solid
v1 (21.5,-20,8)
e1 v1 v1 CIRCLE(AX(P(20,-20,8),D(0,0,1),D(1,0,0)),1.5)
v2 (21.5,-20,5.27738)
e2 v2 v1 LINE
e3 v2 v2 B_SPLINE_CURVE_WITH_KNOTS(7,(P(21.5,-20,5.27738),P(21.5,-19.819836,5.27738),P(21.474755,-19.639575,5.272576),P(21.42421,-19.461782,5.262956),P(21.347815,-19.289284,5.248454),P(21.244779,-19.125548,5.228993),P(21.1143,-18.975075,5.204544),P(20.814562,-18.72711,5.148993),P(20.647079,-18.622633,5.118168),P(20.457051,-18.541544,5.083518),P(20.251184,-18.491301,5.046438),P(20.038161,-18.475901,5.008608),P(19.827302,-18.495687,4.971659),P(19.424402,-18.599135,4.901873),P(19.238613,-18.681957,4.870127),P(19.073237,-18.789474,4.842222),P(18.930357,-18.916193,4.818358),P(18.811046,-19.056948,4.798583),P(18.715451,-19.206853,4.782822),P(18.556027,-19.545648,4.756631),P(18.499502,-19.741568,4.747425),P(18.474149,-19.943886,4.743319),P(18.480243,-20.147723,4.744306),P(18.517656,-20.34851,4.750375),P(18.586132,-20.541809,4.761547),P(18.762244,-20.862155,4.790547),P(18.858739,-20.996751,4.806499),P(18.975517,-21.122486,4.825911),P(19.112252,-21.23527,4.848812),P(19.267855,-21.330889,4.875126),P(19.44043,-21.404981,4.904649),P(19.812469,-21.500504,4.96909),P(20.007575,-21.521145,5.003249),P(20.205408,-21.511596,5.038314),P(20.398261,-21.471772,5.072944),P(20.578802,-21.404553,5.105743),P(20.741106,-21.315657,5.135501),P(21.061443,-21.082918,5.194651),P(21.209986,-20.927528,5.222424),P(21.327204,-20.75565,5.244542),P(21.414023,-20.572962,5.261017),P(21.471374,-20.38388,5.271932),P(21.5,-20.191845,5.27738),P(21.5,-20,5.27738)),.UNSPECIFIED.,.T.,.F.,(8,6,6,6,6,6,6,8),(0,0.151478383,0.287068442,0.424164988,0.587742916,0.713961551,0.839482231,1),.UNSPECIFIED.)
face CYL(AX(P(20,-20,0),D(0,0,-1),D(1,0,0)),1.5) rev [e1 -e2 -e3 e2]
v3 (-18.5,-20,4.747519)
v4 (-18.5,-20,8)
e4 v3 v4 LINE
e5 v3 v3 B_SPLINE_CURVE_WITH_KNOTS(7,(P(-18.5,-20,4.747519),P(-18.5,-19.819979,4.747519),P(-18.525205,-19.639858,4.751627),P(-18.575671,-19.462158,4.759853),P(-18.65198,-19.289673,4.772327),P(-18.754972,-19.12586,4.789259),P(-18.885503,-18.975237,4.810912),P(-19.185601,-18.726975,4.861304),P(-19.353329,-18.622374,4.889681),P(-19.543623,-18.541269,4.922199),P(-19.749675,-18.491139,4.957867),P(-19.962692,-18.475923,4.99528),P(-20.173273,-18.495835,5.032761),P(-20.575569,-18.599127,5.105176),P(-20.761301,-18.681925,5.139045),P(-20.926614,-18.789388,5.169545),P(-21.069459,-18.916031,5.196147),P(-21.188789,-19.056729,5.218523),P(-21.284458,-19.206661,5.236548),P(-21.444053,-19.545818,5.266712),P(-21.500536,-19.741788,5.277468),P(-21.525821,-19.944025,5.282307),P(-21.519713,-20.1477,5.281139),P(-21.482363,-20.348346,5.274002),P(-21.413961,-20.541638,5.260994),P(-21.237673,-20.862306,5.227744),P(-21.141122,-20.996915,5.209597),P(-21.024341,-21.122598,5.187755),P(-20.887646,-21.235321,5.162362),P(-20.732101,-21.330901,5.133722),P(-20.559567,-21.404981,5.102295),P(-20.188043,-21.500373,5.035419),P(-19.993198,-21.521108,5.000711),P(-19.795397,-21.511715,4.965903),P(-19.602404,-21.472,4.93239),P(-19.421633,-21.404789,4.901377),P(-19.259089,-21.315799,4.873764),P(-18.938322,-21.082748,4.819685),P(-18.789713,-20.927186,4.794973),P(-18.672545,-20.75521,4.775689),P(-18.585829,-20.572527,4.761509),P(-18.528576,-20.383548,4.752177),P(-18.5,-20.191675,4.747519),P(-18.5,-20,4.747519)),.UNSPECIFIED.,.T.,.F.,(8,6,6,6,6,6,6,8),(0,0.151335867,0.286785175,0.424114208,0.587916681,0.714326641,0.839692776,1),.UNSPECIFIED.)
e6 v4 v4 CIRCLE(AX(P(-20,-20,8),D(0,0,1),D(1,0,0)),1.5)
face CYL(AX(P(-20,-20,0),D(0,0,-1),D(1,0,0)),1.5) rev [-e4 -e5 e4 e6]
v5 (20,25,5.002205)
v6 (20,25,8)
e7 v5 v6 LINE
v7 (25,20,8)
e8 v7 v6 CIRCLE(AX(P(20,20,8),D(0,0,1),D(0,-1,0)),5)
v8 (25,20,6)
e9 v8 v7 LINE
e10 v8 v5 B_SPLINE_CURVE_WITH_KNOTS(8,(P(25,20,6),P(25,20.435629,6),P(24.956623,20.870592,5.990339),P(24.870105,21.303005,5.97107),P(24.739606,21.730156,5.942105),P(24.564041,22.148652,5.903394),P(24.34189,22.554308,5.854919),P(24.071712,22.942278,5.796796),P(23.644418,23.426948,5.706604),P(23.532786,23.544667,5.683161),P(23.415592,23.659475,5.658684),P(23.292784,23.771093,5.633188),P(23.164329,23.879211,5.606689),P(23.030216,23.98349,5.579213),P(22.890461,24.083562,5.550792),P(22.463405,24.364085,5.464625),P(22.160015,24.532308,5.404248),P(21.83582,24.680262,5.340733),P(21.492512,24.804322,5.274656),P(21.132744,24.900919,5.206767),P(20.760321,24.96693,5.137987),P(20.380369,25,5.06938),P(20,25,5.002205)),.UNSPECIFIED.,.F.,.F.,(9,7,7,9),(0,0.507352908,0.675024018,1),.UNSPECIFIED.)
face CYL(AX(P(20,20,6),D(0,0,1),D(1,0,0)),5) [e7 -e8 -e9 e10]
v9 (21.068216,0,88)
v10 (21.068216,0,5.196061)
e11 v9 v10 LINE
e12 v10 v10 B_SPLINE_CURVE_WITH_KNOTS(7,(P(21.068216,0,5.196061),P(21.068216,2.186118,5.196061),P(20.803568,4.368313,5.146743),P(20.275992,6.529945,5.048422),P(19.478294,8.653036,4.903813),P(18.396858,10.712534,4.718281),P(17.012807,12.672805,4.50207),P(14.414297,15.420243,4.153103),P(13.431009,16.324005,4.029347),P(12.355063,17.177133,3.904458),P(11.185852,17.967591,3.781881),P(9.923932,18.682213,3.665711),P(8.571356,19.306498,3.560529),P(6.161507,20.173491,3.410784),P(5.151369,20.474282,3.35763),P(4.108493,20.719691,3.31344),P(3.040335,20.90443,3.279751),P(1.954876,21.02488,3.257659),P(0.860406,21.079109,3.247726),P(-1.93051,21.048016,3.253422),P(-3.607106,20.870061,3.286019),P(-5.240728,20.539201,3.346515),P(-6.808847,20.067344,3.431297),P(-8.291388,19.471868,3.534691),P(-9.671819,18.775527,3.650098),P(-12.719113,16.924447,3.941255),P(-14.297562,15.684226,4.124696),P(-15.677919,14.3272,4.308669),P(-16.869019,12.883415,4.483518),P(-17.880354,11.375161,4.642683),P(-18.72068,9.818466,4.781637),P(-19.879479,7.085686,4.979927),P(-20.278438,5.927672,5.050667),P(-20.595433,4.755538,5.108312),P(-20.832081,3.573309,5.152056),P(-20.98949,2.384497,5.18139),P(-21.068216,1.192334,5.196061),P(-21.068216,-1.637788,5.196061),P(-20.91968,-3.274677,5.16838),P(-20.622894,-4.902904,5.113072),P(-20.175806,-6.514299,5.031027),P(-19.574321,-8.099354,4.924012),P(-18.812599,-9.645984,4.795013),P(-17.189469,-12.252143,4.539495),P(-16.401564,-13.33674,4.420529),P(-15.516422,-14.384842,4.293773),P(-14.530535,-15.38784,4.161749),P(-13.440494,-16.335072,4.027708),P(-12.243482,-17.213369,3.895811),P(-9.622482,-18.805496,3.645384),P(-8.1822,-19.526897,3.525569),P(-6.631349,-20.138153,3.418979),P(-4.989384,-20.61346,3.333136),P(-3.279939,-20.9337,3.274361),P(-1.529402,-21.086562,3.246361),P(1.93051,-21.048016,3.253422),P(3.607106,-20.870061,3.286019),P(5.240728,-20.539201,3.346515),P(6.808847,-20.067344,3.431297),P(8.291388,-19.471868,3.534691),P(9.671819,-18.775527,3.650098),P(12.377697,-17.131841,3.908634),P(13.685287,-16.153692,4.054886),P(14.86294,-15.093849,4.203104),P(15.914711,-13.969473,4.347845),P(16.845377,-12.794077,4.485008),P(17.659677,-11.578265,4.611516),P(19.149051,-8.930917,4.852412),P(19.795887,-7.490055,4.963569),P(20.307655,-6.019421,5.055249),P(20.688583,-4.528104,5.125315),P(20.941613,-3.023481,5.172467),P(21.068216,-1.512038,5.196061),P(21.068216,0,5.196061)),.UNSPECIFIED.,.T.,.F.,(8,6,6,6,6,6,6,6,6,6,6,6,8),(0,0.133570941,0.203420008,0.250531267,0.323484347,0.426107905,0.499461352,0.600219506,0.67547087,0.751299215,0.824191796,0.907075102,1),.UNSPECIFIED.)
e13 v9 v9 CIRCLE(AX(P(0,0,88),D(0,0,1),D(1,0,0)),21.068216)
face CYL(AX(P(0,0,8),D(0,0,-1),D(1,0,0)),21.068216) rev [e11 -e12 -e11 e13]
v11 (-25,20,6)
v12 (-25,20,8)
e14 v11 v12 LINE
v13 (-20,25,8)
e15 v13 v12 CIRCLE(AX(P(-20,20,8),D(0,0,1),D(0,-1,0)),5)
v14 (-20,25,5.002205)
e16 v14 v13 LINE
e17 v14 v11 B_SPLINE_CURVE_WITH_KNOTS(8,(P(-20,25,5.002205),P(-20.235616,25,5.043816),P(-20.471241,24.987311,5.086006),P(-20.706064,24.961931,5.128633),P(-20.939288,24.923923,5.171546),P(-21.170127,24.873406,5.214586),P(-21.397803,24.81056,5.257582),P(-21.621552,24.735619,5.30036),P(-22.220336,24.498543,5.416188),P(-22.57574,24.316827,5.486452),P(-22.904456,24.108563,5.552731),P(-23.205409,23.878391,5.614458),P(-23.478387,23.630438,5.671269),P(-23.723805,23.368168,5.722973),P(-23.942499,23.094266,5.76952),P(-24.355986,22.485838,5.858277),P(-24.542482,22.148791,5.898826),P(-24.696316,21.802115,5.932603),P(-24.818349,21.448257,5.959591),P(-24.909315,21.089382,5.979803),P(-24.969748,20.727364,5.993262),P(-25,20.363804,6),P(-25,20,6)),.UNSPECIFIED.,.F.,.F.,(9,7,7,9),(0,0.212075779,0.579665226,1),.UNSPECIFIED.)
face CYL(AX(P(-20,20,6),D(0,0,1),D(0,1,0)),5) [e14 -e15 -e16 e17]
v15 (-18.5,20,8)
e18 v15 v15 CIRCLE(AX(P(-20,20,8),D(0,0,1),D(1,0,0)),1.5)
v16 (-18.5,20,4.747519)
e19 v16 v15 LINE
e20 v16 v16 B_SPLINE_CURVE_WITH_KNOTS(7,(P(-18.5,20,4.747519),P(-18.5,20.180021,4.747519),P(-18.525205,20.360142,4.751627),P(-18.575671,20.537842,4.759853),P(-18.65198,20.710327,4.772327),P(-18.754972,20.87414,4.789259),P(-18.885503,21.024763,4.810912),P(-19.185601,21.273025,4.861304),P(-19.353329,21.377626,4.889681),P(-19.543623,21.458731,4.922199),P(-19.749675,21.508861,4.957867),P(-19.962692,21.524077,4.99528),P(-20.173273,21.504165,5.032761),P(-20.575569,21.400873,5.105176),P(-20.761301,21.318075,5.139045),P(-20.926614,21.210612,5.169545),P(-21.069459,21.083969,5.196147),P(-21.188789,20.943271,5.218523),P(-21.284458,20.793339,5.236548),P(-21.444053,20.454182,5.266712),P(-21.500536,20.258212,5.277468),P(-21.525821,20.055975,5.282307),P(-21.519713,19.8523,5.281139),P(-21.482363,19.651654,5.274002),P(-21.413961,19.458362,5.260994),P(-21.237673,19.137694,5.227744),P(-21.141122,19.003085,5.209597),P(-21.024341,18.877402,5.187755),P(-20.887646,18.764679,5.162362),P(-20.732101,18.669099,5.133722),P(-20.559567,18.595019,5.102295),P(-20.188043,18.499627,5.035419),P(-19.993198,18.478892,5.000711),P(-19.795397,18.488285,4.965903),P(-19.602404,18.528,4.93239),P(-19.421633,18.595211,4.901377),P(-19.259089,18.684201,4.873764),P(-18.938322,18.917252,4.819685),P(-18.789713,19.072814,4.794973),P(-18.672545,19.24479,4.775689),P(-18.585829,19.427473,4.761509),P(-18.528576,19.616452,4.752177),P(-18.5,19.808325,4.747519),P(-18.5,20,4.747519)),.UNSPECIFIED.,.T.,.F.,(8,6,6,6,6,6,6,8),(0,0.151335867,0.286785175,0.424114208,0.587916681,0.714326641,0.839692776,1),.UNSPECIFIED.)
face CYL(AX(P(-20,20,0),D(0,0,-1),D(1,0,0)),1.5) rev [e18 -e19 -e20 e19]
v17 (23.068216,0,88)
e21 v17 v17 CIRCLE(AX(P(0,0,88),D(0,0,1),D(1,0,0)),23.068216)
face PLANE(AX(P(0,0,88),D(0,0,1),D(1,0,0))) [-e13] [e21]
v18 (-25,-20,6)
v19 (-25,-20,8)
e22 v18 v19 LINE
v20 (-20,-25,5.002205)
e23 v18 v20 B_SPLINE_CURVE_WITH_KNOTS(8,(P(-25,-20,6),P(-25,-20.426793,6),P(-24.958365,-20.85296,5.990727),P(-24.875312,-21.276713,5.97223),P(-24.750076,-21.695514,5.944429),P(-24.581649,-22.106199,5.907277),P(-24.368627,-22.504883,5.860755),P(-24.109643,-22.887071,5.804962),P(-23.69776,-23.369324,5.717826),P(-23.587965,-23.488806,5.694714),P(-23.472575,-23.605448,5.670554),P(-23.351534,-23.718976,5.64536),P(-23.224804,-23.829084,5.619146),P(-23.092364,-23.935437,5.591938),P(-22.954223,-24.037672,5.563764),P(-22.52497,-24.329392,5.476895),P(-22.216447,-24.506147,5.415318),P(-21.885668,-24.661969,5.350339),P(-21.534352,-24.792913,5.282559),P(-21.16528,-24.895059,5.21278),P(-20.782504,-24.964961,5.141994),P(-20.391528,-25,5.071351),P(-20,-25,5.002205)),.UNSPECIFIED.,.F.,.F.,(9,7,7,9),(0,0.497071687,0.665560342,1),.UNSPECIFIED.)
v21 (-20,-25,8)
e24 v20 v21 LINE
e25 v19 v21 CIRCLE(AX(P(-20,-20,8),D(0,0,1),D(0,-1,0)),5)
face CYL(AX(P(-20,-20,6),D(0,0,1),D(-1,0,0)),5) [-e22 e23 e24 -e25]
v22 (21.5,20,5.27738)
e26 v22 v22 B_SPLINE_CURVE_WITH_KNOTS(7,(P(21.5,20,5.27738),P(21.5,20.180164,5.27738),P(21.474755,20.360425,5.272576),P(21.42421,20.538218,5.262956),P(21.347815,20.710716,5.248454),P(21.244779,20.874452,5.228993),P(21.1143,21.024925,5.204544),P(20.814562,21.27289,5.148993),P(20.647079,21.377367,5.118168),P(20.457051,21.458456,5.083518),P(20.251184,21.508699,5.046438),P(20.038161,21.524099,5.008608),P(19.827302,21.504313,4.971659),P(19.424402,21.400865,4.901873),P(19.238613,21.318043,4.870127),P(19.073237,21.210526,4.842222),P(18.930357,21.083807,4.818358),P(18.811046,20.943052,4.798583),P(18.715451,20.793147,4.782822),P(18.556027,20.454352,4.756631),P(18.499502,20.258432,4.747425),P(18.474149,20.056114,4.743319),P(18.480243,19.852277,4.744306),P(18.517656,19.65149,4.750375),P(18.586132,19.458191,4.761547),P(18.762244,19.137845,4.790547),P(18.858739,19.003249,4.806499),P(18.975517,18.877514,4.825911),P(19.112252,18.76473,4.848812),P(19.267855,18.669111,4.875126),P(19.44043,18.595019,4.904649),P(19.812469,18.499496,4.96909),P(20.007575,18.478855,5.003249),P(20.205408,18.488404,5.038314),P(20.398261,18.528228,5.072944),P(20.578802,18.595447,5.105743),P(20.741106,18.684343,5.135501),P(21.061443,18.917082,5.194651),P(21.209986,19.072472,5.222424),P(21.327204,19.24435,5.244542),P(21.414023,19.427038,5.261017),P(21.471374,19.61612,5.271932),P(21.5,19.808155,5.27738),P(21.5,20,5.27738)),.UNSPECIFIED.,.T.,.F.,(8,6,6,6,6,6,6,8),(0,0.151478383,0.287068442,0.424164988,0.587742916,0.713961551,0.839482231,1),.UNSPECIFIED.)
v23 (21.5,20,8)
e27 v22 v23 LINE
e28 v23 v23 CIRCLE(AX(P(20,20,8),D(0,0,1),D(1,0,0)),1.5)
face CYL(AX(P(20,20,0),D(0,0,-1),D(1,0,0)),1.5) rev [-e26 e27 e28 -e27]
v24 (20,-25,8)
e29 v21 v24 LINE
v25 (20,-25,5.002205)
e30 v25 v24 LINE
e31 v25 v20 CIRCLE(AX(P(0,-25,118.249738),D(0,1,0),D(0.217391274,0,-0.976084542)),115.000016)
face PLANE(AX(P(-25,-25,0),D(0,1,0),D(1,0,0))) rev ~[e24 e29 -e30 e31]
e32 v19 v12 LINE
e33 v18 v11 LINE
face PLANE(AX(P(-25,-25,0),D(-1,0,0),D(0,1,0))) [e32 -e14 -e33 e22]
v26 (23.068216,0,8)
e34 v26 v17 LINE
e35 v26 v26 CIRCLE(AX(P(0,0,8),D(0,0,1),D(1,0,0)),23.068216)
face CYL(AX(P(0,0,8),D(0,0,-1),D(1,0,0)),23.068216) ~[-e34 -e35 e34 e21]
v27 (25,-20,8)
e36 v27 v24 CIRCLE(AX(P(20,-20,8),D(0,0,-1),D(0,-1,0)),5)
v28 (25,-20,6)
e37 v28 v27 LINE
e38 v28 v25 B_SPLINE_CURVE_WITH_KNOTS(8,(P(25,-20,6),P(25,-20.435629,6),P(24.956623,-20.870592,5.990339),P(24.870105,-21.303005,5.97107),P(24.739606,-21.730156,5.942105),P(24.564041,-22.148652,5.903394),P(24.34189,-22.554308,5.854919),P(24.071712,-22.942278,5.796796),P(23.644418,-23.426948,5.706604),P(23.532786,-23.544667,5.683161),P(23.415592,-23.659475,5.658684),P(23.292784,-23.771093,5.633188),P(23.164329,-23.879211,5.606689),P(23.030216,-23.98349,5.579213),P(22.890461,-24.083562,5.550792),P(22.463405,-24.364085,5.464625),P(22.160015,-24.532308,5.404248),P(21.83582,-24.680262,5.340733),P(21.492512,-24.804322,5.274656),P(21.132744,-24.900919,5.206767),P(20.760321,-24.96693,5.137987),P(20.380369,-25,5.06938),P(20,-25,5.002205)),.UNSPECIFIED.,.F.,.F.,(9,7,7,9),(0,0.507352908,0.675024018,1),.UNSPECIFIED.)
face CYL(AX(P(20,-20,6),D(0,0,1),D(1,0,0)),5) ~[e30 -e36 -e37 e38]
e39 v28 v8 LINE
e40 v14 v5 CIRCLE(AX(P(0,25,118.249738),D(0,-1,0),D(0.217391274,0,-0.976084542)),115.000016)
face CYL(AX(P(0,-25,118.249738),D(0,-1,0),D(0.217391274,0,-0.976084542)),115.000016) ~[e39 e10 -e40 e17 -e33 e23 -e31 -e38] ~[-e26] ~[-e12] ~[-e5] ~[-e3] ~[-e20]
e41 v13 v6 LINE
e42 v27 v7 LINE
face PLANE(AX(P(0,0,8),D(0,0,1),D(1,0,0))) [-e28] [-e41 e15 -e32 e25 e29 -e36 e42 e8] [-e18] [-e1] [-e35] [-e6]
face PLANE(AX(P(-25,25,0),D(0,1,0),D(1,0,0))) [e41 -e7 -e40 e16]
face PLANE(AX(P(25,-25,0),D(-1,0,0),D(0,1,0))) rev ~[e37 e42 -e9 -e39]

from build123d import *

# Parameters (mm, degrees)
F0_W     = 50
F0_H     = 50
F0_R     = 1.5
F0_R_2   = 21.068216
F1_DEPTH = 8
F3_DEPTH = 100
F4_R     = 23.068216
F4_R_2   = 21.068216
F5_DEPTH = 80
F6_R     = 5


with BuildPart() as f1:
    # F0 (on Top) → F1 (new body)
    with BuildSketch(Plane.XY):
        Rectangle(F0_W, F0_H)
        with Locations((-20, -20)):
            Circle(F0_R, mode=Mode.SUBTRACT)
        with Locations((20, -20)):
            Circle(F0_R, mode=Mode.SUBTRACT)
        with Locations((-20, 20)):
            Circle(F0_R, mode=Mode.SUBTRACT)
        Circle(F0_R_2, mode=Mode.SUBTRACT)
        with Locations((20, 20)):
            Circle(F0_R, mode=Mode.SUBTRACT)
    extrude(amount=F1_DEPTH)

    # F2 (on face) → F3 (cut)
    with BuildSketch(Plane.XZ.offset(25)):
        with BuildLine():
            ThreePointArc((25, 6), (0, 3.249722), (-25, 6))
            Line((-25, 6), (-25, 0))
            Line((-25, 0), (25, 0))
            Line((25, 0), (25, 6))
        make_face()
    extrude(amount=-F3_DEPTH, mode=Mode.SUBTRACT)

    # F4 (on face) → F5 (join)
    with BuildSketch(Plane.XY.offset(8)):
        Circle(F4_R)
        Circle(F4_R_2, mode=Mode.SUBTRACT)
    extrude(amount=F5_DEPTH)

    # F6
    f6_edges = [f1.edges().sort_by_distance(p)[0] for p in [
        (25, -25, 7),
        (25, 25, 7),
        (-25, 25, 7),
        (-25, -25, 7),
    ]]
    fillet(f6_edges, radius=F6_R)


solid = f1.part
